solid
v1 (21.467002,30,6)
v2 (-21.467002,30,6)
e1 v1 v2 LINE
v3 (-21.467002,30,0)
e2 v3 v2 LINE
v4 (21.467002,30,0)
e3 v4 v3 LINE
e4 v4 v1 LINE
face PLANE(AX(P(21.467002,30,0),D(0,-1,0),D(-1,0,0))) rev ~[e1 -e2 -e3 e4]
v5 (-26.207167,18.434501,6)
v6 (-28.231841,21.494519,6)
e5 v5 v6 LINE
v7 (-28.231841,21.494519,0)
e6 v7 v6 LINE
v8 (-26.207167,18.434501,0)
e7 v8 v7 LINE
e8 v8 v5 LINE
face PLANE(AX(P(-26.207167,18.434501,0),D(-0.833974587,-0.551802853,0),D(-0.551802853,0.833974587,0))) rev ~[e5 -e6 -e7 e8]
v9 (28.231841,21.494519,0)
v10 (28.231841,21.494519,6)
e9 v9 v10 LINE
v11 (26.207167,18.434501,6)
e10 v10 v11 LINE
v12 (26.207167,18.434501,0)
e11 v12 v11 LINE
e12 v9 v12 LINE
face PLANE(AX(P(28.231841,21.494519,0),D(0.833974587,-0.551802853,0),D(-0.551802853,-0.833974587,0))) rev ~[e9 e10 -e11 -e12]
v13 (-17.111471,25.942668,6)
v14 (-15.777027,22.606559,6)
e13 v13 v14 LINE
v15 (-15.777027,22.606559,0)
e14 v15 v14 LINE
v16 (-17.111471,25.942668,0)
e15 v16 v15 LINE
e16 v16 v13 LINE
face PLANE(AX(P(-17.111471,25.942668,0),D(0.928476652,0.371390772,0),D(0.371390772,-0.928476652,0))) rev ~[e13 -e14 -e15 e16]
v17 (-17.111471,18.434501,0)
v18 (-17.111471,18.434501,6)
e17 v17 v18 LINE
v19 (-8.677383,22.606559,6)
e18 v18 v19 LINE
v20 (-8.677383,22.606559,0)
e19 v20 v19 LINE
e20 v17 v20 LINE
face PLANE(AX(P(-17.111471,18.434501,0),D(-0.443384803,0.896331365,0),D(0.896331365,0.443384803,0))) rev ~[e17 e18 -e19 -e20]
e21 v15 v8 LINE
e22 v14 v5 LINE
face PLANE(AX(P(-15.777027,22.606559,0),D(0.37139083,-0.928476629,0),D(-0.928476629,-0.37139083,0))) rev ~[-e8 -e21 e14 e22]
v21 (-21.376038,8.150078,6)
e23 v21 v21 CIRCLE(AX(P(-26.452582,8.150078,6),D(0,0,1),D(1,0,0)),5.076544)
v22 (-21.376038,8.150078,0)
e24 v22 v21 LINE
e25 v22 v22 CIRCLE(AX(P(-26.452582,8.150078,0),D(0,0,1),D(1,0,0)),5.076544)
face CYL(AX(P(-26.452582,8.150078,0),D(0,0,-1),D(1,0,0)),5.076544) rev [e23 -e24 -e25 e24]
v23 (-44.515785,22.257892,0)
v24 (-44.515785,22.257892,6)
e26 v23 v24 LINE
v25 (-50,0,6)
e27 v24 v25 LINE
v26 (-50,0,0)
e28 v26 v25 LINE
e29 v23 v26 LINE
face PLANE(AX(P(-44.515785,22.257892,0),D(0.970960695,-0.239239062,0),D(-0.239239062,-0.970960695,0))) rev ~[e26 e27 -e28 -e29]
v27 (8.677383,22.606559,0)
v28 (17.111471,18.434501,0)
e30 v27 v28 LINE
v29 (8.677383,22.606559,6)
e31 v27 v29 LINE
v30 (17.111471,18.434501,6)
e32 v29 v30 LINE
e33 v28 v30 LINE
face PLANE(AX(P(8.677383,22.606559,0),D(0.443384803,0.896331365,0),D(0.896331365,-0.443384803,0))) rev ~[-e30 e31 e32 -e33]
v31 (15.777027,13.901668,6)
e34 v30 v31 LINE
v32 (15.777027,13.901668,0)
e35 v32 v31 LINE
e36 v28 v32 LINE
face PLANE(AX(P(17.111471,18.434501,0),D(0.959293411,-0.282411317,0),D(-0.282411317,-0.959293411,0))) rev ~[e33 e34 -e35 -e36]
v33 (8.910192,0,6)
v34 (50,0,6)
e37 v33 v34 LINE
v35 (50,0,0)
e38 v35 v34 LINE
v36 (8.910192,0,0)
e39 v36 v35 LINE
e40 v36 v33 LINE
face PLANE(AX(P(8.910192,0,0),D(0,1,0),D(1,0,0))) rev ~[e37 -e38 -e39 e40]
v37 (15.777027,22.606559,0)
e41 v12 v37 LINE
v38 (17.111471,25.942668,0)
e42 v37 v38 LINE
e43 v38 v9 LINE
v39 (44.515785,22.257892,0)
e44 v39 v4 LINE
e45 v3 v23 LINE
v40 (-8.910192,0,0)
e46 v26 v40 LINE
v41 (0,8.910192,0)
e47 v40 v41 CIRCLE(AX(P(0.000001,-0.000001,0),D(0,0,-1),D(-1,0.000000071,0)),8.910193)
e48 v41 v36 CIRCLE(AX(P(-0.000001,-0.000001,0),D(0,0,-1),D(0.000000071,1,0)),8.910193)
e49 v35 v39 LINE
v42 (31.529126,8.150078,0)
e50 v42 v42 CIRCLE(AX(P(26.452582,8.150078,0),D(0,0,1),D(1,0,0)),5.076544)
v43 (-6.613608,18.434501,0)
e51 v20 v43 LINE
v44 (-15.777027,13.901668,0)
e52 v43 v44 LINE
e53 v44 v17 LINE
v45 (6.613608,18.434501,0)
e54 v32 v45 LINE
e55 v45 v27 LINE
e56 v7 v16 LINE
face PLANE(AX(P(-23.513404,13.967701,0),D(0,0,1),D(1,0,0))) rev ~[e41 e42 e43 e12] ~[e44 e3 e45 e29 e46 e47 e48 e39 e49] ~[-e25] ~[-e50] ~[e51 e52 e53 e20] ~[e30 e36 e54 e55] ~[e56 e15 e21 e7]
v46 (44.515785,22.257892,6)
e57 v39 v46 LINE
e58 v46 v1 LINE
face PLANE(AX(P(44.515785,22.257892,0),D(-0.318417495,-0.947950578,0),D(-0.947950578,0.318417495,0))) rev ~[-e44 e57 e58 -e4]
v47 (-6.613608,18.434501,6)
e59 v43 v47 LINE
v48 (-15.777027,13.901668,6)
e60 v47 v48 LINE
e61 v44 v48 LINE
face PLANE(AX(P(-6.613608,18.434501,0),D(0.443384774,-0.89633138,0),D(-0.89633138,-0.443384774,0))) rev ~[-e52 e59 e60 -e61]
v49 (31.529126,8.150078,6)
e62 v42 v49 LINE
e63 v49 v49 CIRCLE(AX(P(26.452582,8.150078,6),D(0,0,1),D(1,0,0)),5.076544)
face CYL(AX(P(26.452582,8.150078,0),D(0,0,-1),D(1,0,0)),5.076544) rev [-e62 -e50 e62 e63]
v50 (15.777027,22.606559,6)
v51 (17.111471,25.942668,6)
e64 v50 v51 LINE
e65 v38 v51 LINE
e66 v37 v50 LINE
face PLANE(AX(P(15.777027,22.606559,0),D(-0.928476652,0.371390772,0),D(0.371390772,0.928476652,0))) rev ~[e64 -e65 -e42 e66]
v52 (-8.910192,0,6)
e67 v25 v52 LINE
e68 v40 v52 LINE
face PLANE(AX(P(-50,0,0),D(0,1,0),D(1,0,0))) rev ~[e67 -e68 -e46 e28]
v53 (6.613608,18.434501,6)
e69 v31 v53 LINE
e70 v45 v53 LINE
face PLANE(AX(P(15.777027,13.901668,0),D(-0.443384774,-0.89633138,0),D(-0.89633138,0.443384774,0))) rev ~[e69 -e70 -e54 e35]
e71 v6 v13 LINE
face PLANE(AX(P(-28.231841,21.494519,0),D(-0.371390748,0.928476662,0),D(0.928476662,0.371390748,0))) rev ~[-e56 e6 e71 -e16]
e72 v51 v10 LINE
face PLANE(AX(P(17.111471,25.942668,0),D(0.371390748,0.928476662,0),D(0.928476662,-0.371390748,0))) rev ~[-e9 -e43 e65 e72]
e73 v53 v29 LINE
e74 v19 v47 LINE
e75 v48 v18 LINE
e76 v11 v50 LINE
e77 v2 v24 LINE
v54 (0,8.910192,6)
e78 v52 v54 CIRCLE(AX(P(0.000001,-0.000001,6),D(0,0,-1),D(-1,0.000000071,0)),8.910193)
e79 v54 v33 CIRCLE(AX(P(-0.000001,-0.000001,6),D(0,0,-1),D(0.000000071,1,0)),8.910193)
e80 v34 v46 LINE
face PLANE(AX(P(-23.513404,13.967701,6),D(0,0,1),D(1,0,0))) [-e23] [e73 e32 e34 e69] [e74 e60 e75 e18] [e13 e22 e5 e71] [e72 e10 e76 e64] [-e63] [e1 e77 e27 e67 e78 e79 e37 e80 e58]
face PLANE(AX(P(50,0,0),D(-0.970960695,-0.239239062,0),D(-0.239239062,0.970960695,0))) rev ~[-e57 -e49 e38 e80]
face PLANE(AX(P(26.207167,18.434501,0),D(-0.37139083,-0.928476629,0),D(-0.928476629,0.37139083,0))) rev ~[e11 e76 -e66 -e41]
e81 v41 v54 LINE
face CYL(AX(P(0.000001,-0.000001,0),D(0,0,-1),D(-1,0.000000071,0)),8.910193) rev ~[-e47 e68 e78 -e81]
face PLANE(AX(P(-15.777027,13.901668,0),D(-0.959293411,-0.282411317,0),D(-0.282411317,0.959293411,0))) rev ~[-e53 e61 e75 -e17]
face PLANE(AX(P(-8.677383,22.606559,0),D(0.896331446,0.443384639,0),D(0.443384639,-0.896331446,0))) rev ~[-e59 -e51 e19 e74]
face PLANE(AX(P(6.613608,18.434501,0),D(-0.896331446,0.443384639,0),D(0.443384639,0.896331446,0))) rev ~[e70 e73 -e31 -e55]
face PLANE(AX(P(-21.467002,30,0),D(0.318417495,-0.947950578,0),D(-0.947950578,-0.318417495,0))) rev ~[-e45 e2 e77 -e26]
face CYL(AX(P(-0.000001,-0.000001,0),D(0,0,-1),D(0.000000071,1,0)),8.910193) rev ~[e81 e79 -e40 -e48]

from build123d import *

# Parameters (mm, degrees)
F0_R     = 5.076544
F1_DEPTH = 6


with BuildPart() as f1:
    # F0 (on Top) → F1 (new body)
    with BuildSketch(Plane.XY):
        with BuildLine():
            Line((-44.515785, 22.257892), (-50, 0))
            Line((-50, 0), (-8.910192, 0))
            ThreePointArc((-8.910192, 0), (-6.300457, 6.300457), (0, 8.910192))
            Line((0, 8.910192), (0, 30))
            Line((0, 30), (-21.467002, 30))
            Line((-21.467002, 30), (-44.515785, 22.257892))
        make_face()
        with Locations((-26.452582, 8.150078)):
            Circle(F0_R, mode=Mode.SUBTRACT)
        Polygon((-15.777027, 13.901668), (-17.111471, 18.434501), (-8.677383, 22.606559), (-6.613608, 18.434501), align=None, mode=Mode.SUBTRACT)
        Polygon((-26.207167, 18.434501), (-28.231841, 21.494519), (-17.111471, 25.942668), (-15.777027, 22.606559), align=None, mode=Mode.SUBTRACT)
        with BuildLine():
            Line((0, 30), (0, 8.910192))
            ThreePointArc((0, 8.910192), (6.300457, 6.300457), (8.910192, 0))
            Line((8.910192, 0), (50, 0))
            Line((50, 0), (44.515785, 22.257892))
            Line((44.515785, 22.257892), (21.467002, 30))
            Line((21.467002, 30), (0, 30))
        make_face()
        with Locations((26.452582, 8.150078)):
            Circle(F0_R, mode=Mode.SUBTRACT)
        Polygon((17.111471, 18.434501), (15.777027, 13.901668), (6.613608, 18.434501), (8.677383, 22.606559), align=None, mode=Mode.SUBTRACT)
        Polygon((17.111471, 25.942668), (28.231841, 21.494519), (26.207167, 18.434501), (15.777027, 22.606559), align=None, mode=Mode.SUBTRACT)
    extrude(amount=F1_DEPTH)


solid = f1.part
